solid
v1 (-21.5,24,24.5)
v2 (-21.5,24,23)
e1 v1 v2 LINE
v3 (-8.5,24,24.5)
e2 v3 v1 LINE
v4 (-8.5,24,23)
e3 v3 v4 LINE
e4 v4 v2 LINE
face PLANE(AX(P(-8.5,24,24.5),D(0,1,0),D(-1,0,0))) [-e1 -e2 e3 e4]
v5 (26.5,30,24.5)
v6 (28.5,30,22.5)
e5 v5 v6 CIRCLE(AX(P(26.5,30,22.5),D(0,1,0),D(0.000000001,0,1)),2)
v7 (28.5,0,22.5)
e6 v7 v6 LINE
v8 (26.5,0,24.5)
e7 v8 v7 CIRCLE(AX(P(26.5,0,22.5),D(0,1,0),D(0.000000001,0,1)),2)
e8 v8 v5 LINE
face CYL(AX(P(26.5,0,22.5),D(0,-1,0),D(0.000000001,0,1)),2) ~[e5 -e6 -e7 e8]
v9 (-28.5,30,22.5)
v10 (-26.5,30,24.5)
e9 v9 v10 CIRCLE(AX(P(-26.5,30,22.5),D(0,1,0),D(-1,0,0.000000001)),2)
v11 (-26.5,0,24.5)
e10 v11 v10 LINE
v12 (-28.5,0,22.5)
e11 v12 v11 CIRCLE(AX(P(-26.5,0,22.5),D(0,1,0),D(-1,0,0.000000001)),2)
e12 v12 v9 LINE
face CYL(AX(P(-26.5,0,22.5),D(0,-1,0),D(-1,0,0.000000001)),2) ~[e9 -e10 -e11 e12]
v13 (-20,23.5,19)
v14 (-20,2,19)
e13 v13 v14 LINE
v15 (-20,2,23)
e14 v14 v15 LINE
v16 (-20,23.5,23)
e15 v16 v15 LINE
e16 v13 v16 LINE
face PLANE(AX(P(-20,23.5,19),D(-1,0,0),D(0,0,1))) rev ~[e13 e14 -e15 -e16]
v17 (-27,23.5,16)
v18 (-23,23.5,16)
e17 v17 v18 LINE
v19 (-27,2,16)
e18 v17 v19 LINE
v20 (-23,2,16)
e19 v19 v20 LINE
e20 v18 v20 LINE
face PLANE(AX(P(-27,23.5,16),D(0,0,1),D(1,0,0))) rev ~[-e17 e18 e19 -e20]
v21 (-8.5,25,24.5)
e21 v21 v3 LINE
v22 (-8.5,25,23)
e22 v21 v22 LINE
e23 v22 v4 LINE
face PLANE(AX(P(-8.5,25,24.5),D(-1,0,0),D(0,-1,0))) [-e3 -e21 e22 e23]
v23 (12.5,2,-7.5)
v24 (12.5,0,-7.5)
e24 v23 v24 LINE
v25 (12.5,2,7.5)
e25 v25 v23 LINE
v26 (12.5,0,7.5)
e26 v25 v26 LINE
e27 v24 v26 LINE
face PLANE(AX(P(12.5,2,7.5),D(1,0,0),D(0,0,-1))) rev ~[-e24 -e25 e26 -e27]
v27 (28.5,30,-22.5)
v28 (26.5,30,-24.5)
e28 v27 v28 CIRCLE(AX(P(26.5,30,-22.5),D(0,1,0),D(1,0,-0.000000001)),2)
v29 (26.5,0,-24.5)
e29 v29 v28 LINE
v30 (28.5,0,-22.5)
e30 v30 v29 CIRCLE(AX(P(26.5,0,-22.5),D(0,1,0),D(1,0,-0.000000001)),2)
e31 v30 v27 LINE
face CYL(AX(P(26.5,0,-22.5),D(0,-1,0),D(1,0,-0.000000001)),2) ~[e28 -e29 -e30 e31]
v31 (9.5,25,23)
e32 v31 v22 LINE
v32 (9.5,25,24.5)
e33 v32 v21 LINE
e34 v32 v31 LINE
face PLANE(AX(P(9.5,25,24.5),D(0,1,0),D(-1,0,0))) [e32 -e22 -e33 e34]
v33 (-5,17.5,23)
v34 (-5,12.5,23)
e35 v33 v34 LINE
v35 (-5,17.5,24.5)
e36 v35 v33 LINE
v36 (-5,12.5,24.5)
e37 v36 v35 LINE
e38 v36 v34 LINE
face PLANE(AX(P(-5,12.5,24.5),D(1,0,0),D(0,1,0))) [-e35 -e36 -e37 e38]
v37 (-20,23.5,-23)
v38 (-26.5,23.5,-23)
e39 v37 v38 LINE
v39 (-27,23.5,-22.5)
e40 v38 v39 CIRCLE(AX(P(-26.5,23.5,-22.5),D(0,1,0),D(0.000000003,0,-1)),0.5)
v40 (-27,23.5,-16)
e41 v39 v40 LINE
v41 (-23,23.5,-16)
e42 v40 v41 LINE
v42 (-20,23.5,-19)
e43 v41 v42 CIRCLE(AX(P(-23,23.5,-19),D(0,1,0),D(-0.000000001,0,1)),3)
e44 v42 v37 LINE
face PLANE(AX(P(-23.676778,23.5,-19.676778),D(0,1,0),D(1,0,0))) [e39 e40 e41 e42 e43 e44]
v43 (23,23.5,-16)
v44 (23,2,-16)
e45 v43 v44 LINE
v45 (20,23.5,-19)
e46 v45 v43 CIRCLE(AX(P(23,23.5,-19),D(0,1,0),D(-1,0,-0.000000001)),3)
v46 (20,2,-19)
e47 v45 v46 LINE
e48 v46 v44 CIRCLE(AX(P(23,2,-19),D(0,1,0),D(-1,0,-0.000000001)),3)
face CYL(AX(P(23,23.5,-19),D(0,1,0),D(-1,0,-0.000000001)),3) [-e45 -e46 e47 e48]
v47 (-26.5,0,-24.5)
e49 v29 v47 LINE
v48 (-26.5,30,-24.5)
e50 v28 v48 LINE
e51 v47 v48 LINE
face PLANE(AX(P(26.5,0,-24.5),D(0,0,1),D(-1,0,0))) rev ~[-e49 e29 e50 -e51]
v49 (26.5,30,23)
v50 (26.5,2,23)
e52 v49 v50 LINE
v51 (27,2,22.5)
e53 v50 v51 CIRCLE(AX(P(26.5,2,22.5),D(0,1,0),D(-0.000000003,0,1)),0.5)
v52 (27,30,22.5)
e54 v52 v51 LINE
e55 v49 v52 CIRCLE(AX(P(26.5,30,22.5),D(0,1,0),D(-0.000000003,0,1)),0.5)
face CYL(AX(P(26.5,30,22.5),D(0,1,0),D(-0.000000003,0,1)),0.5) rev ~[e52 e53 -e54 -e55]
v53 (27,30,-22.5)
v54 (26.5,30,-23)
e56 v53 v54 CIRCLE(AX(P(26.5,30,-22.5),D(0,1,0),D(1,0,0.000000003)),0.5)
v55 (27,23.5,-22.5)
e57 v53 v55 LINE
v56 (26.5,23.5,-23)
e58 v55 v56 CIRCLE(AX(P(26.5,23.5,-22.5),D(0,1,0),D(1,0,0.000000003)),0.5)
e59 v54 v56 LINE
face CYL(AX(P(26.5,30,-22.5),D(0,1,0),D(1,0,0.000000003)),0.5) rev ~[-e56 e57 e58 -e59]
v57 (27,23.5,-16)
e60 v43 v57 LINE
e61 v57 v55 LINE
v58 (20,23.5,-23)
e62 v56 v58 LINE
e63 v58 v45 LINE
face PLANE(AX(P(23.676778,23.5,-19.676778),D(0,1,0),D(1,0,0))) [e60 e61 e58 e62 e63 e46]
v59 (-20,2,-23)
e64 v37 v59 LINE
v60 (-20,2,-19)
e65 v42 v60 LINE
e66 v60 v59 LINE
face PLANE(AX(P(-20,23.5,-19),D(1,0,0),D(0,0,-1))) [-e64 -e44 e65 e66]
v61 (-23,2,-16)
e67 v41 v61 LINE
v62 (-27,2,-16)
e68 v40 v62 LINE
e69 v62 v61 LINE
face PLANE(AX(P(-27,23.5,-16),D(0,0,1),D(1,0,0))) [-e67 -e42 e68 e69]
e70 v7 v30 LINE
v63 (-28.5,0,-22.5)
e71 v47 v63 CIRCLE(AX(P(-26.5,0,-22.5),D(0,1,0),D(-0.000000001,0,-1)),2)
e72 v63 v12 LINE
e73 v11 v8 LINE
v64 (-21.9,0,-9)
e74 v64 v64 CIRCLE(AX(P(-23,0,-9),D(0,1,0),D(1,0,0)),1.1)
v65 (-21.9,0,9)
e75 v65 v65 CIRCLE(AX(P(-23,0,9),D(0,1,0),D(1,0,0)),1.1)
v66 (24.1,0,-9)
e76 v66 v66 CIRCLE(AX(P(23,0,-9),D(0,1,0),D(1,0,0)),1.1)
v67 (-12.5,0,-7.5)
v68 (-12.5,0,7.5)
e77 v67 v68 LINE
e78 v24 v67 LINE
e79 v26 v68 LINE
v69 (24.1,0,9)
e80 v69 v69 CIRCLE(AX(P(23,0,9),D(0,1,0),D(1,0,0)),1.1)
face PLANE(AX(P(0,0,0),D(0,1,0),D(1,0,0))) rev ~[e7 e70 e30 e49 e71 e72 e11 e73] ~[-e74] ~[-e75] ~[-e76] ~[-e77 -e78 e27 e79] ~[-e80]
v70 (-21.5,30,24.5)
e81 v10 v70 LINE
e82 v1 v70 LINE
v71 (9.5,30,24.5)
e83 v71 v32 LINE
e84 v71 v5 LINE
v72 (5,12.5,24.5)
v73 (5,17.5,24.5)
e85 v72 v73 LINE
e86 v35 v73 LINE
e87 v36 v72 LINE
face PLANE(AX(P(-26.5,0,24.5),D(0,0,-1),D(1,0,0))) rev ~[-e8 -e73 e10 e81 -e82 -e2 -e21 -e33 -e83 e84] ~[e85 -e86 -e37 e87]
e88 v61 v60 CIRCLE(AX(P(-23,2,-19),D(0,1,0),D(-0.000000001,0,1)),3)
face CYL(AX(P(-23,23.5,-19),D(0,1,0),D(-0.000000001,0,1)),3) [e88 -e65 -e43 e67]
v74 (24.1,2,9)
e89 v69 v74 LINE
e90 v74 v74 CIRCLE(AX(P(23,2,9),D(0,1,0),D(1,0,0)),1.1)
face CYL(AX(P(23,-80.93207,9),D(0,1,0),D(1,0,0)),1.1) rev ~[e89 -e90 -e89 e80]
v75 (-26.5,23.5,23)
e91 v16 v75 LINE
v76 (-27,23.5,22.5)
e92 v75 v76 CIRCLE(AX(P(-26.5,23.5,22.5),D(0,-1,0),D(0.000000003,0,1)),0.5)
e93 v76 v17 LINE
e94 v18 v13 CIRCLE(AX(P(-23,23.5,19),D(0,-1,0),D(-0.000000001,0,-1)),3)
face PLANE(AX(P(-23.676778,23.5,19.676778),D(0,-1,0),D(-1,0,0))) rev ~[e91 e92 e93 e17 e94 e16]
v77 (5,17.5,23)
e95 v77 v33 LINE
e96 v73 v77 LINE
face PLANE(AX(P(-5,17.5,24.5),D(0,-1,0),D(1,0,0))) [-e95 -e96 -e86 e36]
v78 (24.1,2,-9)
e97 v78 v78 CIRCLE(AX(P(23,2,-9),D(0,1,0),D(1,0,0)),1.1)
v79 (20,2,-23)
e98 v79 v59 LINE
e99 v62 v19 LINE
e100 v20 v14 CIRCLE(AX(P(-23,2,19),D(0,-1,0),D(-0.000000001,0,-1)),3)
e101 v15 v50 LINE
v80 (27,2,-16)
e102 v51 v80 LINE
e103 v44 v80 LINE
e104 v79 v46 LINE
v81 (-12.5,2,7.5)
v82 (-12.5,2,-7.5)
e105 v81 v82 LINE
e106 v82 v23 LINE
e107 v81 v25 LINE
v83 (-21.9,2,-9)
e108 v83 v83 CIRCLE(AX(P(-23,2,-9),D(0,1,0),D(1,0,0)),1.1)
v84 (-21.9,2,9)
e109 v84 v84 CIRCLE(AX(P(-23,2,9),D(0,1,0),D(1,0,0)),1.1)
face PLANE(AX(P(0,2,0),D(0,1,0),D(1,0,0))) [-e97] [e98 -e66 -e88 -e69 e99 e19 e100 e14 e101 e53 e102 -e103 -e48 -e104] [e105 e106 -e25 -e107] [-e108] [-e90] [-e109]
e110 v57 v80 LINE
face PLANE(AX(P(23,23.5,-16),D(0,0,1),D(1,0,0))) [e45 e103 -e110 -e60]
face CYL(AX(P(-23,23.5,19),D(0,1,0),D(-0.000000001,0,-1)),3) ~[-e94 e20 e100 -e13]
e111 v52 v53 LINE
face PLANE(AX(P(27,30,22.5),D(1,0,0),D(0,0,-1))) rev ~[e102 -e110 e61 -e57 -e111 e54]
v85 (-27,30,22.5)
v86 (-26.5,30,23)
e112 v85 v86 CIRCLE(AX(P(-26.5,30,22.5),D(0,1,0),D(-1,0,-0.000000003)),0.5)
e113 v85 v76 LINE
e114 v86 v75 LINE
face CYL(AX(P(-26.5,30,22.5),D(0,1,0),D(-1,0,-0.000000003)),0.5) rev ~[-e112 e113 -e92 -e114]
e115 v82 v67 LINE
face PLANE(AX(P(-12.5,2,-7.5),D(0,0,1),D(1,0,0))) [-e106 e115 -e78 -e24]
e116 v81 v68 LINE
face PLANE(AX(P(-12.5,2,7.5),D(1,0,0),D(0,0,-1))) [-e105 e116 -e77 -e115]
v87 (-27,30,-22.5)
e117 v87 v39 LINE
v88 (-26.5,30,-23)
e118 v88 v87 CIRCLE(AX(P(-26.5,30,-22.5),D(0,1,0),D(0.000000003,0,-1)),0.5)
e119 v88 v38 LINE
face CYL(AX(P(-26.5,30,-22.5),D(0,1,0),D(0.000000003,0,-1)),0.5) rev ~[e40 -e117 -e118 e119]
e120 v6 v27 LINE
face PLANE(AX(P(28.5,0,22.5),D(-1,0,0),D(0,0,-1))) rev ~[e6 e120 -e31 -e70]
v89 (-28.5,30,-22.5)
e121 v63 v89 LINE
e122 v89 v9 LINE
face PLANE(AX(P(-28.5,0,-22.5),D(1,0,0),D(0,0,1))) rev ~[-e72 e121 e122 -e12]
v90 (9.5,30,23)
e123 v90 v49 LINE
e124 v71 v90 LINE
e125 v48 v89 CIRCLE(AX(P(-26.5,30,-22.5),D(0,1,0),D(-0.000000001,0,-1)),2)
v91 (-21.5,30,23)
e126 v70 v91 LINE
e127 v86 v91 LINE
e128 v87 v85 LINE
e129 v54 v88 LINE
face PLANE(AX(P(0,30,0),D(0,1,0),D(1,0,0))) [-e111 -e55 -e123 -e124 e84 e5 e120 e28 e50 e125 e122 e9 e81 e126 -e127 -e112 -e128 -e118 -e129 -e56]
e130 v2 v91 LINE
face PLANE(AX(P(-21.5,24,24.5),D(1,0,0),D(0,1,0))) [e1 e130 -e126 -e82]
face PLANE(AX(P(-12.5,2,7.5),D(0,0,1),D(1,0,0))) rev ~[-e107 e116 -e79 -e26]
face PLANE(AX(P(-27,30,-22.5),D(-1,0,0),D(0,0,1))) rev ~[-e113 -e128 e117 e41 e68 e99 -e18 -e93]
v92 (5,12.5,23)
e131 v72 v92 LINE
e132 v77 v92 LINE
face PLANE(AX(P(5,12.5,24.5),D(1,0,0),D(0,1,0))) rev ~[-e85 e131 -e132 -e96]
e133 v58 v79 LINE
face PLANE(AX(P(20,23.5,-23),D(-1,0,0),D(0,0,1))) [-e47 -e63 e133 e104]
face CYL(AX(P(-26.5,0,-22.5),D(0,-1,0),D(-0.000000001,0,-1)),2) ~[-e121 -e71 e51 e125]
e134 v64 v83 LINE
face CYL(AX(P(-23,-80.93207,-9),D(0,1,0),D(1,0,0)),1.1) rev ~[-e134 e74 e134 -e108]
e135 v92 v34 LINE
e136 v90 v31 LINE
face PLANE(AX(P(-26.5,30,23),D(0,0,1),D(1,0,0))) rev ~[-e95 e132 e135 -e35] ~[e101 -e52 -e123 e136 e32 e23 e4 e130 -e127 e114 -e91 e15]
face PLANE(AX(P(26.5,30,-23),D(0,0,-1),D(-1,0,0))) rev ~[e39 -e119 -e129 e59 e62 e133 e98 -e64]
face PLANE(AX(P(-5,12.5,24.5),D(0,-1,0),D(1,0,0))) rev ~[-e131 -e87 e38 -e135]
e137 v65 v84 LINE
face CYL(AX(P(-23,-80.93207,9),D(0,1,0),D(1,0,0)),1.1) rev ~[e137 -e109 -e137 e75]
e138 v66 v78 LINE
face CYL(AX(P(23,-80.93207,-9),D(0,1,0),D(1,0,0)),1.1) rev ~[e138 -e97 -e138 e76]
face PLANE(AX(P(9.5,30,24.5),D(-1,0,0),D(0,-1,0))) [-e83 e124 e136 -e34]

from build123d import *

# Parameters (mm, degrees)
EXTRUDE_1_DEPTH         = 30
CUT_EXTRUDE_1_DEPTH     = 28
EXTRUDE_START           = 21.5
EXTRUDE_2_DEPTH         = 21.5
CUT_EXTRUDE_2_DEPTH     = 1.5
HOLE_WIZARD_2_2_2_2_1_D = 2.2
CUT_EXTRUDE_3_REACH     = 48.867
SKETCH_7_W              = 25
SKETCH_7_H              = 15
CUT_EXTRUDE_4_REACH     = 66.135
SKETCH_8_W              = 10
SKETCH_8_H              = 5


with BuildPart() as part:
    # 草图1 → 凸台-拉伸1 (new body)
    with BuildSketch(Plane(origin=(0, 0, 0), x_dir=(1, 0, 0), z_dir=(0, 1, 0))):
        with BuildLine():
            Line((-26.5, -24.5), (26.5, -24.5))
            ThreePointArc((26.5, -24.5), (27.914213562, -23.914213562), (28.5, -22.5))
            Line((28.5, -22.5), (28.5, 22.5))
            ThreePointArc((28.5, 22.5), (27.914213562, 23.914213562), (26.5, 24.5))
            Line((26.5, 24.5), (-26.5, 24.5))
            ThreePointArc((-26.5, 24.5), (-27.914213562, 23.914213562), (-28.5, 22.5))
            Line((-28.5, 22.5), (-28.5, -22.5))
            ThreePointArc((-28.5, -22.5), (-27.914213562, -23.914213562), (-26.5, -24.5))
        make_face()
    extrude(amount=EXTRUDE_1_DEPTH)

    # 草图2 → 切除-拉伸1 (cut)
    with BuildSketch(Plane(origin=(0, 30, 0), x_dir=(1, 0, 0), z_dir=(0, 1, 0))):
        with BuildLine():
            Line((-26.5, -23), (26.5, -23))
            ThreePointArc((26.5, -23), (26.853553391, -22.853553391), (27, -22.5))
            Line((27, -22.5), (27, 22.5))
            ThreePointArc((27, 22.5), (26.853553391, 22.853553391), (26.5, 23))
            Line((26.5, 23), (-26.5, 23))
            ThreePointArc((-26.5, 23), (-26.853553391, 22.853553391), (-27, 22.5))
            Line((-27, 22.5), (-27, -22.5))
            ThreePointArc((-27, -22.5), (-26.853553391, -22.853553391), (-26.5, -23))
        make_face()
    extrude(amount=-CUT_EXTRUDE_1_DEPTH, mode=Mode.SUBTRACT)

    # 草图3 → 凸台-拉伸2 (add)
    with BuildSketch(Plane(origin=(0, 2, 0), x_dir=(1, 0, 0), z_dir=(0, 1, 0)).offset(EXTRUDE_START)):
        with BuildLine():
            Line((-27, -16), (-23, -16))
            ThreePointArc((-23, -16), (-20.878679656, -16.878679656), (-20, -19))
            Line((-20, -19), (-20, -23))
            Line((-20, -23), (-26.5, -23))
            ThreePointArc((-26.5, -23), (-26.853553391, -22.853553391), (-27, -22.5))
            Line((-27, -22.5), (-27, -16))
        make_face()
        with BuildLine():
            Line((-27, 16), (-23, 16))
            ThreePointArc((-23, 16), (-20.878679656, 16.878679656), (-20, 19))
            Line((-20, 19), (-20, 23))
            Line((-20, 23), (-26.5, 23))
            ThreePointArc((-26.5, 23), (-26.853553391, 22.853553391), (-27, 22.5))
            Line((-27, 22.5), (-27, 16))
        make_face()
        with BuildLine():
            Line((20, 23), (20, 19))
            ThreePointArc((20, 19), (20.878679656, 16.878679656), (23, 16))
            Line((23, 16), (27, 16))
            Line((27, 16), (27, 22.5))
            ThreePointArc((27, 22.5), (26.853553391, 22.853553391), (26.5, 23))
            Line((26.5, 23), (20, 23))
        make_face()
    extrude(amount=-EXTRUDE_2_DEPTH)

    # 草图4 → 切除-拉伸2 (cut)
    with BuildSketch(Plane.XY.offset(24.5)):
        Polygon((-21.5, 30), (9.5, 30), (9.5, 25), (-8.5, 25), (-8.5, 24), (-21.5, 24), align=None)
    extrude(amount=-CUT_EXTRUDE_2_DEPTH, mode=Mode.SUBTRACT)

    # Ø2.2 (2.2) 直径孔1 (through all)
    with Locations(Plane(origin=(0, 0, 0), x_dir=(-1, 0, 0), z_dir=(0, -1, 0))):
        with Locations((23, -9), (23, 9), (-23, -9), (-23, 9)):
            Hole(HOLE_WIZARD_2_2_2_2_1_D / 2)

    # 草图7 → 切除-拉伸3 (cut, up to next)
    with BuildSketch(Plane(origin=(0, 2, 0), x_dir=(1, 0, 0), z_dir=(0, 1, 0)), mode=Mode.PRIVATE) as cut_extrude_3_sk1:
        Rectangle(SKETCH_7_W, SKETCH_7_H)
    cut_extrude_3_tool1 = extrude(cut_extrude_3_sk1.sketch, amount=-CUT_EXTRUDE_3_REACH, mode=Mode.PRIVATE) & part.part
    add(cut_extrude_3_tool1.solids().sort_by_distance((0, 2, 0))[0], mode=Mode.SUBTRACT)

    # 草图8 → 切除-拉伸4 (cut, up to next)
    with BuildSketch(Plane.XY.offset(24.5), mode=Mode.PRIVATE) as cut_extrude_4_sk1:
        with Locations((0, 15)):
            Rectangle(SKETCH_8_W, SKETCH_8_H)
    cut_extrude_4_tool1 = extrude(cut_extrude_4_sk1.sketch, amount=-CUT_EXTRUDE_4_REACH, mode=Mode.PRIVATE) & part.part
    add(cut_extrude_4_tool1.solids().sort_by_distance((0, 15, 24.5))[0], mode=Mode.SUBTRACT)


solid = part.part
